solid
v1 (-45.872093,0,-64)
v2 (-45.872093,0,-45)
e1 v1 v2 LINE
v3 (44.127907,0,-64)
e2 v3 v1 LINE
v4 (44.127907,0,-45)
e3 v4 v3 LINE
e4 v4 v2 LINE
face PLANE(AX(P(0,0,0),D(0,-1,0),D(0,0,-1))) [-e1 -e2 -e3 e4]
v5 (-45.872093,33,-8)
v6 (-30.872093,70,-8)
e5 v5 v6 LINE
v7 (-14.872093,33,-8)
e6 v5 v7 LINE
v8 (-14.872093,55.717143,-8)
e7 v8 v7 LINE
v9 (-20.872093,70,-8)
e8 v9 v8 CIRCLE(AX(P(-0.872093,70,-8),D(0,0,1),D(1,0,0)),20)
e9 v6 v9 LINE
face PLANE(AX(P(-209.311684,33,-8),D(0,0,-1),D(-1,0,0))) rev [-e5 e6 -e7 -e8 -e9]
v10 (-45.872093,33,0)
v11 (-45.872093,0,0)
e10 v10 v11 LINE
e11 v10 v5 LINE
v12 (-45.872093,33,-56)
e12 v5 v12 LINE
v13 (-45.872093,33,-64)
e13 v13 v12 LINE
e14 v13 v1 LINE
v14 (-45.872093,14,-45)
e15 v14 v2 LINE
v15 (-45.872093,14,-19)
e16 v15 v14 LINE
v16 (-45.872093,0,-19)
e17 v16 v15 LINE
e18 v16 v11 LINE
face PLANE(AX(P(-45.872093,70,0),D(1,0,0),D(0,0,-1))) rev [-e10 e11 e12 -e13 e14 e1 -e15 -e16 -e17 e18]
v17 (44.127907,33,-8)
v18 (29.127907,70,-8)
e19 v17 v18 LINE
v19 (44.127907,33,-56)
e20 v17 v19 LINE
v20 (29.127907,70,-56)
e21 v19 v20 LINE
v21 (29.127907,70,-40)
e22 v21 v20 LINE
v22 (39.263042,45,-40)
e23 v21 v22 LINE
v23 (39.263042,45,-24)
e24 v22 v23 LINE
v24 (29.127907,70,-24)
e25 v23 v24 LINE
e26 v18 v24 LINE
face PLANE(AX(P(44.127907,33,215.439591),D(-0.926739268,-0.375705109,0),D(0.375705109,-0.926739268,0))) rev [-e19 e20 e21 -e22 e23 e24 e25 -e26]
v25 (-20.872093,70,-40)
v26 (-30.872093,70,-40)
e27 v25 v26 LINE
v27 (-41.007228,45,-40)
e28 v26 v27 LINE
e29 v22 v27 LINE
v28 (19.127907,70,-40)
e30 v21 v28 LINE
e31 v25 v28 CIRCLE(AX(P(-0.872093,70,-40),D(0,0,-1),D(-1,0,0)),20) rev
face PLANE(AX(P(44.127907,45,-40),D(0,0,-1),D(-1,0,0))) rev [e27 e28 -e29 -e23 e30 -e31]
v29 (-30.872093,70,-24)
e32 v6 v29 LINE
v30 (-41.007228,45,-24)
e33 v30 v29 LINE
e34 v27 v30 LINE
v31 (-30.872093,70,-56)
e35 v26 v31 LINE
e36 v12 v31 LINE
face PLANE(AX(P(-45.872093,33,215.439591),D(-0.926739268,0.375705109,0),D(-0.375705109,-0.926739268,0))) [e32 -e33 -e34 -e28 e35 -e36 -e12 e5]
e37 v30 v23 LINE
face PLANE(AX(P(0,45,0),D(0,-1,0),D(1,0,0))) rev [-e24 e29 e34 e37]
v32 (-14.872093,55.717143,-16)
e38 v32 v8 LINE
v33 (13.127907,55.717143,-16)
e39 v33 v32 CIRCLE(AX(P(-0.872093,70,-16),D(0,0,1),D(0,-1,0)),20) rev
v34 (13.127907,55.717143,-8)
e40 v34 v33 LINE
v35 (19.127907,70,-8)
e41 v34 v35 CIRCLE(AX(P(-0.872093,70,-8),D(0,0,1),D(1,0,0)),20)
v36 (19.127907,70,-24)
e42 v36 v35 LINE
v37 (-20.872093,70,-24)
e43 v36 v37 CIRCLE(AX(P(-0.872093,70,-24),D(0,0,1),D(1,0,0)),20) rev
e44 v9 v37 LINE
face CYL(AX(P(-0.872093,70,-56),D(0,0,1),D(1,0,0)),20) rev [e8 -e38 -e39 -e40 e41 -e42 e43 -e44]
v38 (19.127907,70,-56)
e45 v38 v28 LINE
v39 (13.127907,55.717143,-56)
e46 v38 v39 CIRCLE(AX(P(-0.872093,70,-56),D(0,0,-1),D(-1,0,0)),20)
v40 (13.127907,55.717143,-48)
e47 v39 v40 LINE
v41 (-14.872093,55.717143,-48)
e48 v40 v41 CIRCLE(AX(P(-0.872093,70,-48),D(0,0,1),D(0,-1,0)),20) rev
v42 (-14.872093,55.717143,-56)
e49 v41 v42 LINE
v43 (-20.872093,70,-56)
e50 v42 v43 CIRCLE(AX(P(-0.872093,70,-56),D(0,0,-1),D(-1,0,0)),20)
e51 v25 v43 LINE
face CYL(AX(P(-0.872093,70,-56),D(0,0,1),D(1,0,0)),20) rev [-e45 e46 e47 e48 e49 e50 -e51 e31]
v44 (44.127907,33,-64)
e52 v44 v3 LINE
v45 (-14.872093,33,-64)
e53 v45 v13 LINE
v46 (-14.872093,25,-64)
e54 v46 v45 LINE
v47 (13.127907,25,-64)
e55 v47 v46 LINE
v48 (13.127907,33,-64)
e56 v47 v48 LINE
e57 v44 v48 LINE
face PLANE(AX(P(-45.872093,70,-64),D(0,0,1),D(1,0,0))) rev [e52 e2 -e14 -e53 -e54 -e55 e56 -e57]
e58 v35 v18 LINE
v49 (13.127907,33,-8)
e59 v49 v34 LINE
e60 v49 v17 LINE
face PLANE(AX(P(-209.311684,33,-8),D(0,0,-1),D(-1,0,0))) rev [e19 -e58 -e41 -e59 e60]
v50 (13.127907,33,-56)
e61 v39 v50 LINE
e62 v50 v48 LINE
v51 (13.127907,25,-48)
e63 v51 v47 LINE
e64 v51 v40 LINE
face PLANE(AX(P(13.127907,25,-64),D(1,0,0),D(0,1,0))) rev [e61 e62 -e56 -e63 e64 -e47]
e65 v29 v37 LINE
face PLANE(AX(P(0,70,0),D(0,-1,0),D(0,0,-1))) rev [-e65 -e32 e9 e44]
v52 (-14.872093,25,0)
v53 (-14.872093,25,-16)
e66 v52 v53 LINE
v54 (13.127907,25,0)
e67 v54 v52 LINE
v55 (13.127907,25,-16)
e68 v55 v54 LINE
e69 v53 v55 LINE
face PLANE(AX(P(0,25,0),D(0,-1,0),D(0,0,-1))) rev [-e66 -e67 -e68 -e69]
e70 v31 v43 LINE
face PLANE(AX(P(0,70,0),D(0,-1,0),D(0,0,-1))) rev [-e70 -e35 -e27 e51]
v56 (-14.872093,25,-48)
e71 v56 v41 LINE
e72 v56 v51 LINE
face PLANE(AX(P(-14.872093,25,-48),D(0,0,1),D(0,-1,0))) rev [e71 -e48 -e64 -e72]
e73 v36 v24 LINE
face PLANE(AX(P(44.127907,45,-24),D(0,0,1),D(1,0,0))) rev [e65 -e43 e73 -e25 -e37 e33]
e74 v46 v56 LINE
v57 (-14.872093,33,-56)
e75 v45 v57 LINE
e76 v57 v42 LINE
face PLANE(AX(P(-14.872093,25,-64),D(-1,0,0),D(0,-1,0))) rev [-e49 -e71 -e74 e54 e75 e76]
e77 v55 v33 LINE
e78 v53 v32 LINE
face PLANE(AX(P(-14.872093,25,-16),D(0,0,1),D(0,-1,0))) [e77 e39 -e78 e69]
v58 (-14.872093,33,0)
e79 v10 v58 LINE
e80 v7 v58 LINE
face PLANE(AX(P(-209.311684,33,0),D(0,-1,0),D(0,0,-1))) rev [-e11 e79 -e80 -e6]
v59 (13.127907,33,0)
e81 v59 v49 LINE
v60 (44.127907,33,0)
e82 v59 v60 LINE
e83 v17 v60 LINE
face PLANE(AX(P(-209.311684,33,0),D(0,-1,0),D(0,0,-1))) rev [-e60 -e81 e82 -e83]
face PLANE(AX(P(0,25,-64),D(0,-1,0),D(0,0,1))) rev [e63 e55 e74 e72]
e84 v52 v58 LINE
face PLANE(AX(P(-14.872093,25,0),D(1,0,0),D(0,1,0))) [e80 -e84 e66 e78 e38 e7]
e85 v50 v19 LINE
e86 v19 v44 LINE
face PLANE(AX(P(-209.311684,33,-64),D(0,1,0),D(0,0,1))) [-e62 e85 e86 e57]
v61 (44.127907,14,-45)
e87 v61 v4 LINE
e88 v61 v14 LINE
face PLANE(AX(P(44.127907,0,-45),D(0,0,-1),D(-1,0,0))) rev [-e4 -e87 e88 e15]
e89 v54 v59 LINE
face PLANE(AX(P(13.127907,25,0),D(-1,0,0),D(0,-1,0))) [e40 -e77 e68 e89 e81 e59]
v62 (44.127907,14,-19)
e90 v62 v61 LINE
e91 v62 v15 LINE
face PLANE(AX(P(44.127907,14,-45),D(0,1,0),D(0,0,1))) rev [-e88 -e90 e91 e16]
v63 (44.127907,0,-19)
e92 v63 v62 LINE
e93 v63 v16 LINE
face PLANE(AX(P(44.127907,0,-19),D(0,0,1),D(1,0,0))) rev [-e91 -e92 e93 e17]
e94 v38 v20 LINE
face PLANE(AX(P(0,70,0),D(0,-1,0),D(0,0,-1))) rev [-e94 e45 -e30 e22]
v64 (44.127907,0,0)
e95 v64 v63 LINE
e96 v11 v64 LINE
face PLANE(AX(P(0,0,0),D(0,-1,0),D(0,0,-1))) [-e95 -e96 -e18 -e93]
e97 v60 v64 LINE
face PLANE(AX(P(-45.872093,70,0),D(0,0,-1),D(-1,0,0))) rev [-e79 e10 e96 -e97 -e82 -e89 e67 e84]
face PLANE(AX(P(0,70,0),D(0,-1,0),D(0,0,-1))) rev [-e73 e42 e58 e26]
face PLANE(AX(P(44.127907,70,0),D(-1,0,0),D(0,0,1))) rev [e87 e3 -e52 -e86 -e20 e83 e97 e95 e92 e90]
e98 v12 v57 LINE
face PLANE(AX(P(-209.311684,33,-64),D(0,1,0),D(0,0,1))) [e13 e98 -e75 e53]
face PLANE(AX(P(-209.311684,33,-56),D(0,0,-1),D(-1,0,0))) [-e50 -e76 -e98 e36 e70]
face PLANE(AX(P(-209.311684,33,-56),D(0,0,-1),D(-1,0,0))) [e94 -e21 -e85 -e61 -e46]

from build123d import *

# Parameters (mm, degrees)
SKETCH1_W           = 90
SKETCH1_H           = 64
BOSS_EXTRUDE1_DEPTH = 70
SKETCH2_W           = 26
SKETCH2_H           = 14
CUT_EXTRUDE1_DEPTH  = 90
CUT_EXTRUDE3_START  = -91
CUT_EXTRUDE3_DEPTH  = 92
SKETCH7_R           = 20
CUT_EXTRUDE4_DEPTH  = 48
CUT_EXTRUDE5_START  = -57
CUT_EXTRUDE5_DEPTH  = 66
SKETCH11_W          = 90
SKETCH11_H          = 16
CUT_EXTRUDE7_DEPTH  = 25
SKETCH13_W          = 28
SKETCH13_H          = 16
CUT_EXTRUDE8_DEPTH  = 45


with BuildPart() as part:
    # Sketch1 → Boss-Extrude1 (new body)
    with BuildSketch(Plane(origin=(0, 0, 0), x_dir=(1, 0, 0), z_dir=(0, 1, 0))):
        with Locations((-0.872093023, 32)):
            Rectangle(SKETCH1_W, SKETCH1_H)
    extrude(amount=BOSS_EXTRUDE1_DEPTH)

    # Sketch2 → Cut-Extrude1 (cut)
    with BuildSketch(Plane.ZY.offset(45.872093023)):
        with Locations((-32, 7)):
            Rectangle(SKETCH2_W, SKETCH2_H)
    extrude(amount=-CUT_EXTRUDE1_DEPTH, mode=Mode.SUBTRACT)

    # Sketch3 → Cut-Extrude3 (cut)
    with BuildSketch(Plane.ZY.offset(45.872093023).offset(CUT_EXTRUDE3_START)):
        Polygon((189.287478648, 33), (0, 33), (-8, 33), (-8, 70), (-8, 259.287478648), (277.352473671, 508.070444427), (474.639952319, 281.782965778), align=None)
    cut_extrude3 = extrude(amount=CUT_EXTRUDE3_DEPTH, mode=Mode.SUBTRACT)

    # Mirror2: Cut-Extrude3 across plane
    add(cut_extrude3.mirror(Plane(origin=(0, 0, -32), x_dir=(1, 0, 0), z_dir=(0, 0, -1))), mode=Mode.SUBTRACT)

    # Sketch7 → Cut-Extrude4 (cut)
    with BuildSketch(Plane.XY.offset(-8)):
        with Locations((-0.872093023, 70)):
            Circle(SKETCH7_R)
    extrude(amount=-CUT_EXTRUDE4_DEPTH, mode=Mode.SUBTRACT)

    # Sketch8 → Cut-Extrude5 (cut)
    with BuildSketch(Plane.XY.offset(-8).offset(CUT_EXTRUDE5_START)):
        Polygon((-126.717387311, -166.418392575), (-45.872093023, 33), (-30.872093023, 70), (49.973201264, 269.418392575), (-348.863583887, 431.10898115), (-525.554172461, -4.727804001), align=None)
    cut_extrude5 = extrude(amount=CUT_EXTRUDE5_DEPTH, mode=Mode.SUBTRACT)

    # Mirror3: Cut-Extrude5 across plane
    add(cut_extrude5.mirror(Plane(origin=(-0.872093023, 0, 0), x_dir=(0, 0, 1), z_dir=(1, 0, 0))), mode=Mode.SUBTRACT)

    # Sketch11 → Cut-Extrude7 (cut)
    with BuildSketch(Plane(origin=(0, 70, 0), x_dir=(1, 0, 0), z_dir=(0, 1, 0))):
        with Locations((-0.872093023, 32)):
            Rectangle(SKETCH11_W, SKETCH11_H)
    extrude(amount=-CUT_EXTRUDE7_DEPTH, mode=Mode.SUBTRACT)

    # Sketch13 → Cut-Extrude8 (cut)
    with BuildSketch(Plane(origin=(0, 70, 0), x_dir=(-1, 0, 0), z_dir=(0, -1, 0))):
        with Locations((0.872093023, 8)):
            Rectangle(SKETCH13_W, SKETCH13_H)
    cut_extrude8 = extrude(amount=CUT_EXTRUDE8_DEPTH, mode=Mode.SUBTRACT)

    # Mirror4: Cut-Extrude8 across plane
    add(cut_extrude8.mirror(Plane(origin=(0, 0, -32), x_dir=(1, 0, 0), z_dir=(0, 0, -1))), mode=Mode.SUBTRACT)


solid = part.part
